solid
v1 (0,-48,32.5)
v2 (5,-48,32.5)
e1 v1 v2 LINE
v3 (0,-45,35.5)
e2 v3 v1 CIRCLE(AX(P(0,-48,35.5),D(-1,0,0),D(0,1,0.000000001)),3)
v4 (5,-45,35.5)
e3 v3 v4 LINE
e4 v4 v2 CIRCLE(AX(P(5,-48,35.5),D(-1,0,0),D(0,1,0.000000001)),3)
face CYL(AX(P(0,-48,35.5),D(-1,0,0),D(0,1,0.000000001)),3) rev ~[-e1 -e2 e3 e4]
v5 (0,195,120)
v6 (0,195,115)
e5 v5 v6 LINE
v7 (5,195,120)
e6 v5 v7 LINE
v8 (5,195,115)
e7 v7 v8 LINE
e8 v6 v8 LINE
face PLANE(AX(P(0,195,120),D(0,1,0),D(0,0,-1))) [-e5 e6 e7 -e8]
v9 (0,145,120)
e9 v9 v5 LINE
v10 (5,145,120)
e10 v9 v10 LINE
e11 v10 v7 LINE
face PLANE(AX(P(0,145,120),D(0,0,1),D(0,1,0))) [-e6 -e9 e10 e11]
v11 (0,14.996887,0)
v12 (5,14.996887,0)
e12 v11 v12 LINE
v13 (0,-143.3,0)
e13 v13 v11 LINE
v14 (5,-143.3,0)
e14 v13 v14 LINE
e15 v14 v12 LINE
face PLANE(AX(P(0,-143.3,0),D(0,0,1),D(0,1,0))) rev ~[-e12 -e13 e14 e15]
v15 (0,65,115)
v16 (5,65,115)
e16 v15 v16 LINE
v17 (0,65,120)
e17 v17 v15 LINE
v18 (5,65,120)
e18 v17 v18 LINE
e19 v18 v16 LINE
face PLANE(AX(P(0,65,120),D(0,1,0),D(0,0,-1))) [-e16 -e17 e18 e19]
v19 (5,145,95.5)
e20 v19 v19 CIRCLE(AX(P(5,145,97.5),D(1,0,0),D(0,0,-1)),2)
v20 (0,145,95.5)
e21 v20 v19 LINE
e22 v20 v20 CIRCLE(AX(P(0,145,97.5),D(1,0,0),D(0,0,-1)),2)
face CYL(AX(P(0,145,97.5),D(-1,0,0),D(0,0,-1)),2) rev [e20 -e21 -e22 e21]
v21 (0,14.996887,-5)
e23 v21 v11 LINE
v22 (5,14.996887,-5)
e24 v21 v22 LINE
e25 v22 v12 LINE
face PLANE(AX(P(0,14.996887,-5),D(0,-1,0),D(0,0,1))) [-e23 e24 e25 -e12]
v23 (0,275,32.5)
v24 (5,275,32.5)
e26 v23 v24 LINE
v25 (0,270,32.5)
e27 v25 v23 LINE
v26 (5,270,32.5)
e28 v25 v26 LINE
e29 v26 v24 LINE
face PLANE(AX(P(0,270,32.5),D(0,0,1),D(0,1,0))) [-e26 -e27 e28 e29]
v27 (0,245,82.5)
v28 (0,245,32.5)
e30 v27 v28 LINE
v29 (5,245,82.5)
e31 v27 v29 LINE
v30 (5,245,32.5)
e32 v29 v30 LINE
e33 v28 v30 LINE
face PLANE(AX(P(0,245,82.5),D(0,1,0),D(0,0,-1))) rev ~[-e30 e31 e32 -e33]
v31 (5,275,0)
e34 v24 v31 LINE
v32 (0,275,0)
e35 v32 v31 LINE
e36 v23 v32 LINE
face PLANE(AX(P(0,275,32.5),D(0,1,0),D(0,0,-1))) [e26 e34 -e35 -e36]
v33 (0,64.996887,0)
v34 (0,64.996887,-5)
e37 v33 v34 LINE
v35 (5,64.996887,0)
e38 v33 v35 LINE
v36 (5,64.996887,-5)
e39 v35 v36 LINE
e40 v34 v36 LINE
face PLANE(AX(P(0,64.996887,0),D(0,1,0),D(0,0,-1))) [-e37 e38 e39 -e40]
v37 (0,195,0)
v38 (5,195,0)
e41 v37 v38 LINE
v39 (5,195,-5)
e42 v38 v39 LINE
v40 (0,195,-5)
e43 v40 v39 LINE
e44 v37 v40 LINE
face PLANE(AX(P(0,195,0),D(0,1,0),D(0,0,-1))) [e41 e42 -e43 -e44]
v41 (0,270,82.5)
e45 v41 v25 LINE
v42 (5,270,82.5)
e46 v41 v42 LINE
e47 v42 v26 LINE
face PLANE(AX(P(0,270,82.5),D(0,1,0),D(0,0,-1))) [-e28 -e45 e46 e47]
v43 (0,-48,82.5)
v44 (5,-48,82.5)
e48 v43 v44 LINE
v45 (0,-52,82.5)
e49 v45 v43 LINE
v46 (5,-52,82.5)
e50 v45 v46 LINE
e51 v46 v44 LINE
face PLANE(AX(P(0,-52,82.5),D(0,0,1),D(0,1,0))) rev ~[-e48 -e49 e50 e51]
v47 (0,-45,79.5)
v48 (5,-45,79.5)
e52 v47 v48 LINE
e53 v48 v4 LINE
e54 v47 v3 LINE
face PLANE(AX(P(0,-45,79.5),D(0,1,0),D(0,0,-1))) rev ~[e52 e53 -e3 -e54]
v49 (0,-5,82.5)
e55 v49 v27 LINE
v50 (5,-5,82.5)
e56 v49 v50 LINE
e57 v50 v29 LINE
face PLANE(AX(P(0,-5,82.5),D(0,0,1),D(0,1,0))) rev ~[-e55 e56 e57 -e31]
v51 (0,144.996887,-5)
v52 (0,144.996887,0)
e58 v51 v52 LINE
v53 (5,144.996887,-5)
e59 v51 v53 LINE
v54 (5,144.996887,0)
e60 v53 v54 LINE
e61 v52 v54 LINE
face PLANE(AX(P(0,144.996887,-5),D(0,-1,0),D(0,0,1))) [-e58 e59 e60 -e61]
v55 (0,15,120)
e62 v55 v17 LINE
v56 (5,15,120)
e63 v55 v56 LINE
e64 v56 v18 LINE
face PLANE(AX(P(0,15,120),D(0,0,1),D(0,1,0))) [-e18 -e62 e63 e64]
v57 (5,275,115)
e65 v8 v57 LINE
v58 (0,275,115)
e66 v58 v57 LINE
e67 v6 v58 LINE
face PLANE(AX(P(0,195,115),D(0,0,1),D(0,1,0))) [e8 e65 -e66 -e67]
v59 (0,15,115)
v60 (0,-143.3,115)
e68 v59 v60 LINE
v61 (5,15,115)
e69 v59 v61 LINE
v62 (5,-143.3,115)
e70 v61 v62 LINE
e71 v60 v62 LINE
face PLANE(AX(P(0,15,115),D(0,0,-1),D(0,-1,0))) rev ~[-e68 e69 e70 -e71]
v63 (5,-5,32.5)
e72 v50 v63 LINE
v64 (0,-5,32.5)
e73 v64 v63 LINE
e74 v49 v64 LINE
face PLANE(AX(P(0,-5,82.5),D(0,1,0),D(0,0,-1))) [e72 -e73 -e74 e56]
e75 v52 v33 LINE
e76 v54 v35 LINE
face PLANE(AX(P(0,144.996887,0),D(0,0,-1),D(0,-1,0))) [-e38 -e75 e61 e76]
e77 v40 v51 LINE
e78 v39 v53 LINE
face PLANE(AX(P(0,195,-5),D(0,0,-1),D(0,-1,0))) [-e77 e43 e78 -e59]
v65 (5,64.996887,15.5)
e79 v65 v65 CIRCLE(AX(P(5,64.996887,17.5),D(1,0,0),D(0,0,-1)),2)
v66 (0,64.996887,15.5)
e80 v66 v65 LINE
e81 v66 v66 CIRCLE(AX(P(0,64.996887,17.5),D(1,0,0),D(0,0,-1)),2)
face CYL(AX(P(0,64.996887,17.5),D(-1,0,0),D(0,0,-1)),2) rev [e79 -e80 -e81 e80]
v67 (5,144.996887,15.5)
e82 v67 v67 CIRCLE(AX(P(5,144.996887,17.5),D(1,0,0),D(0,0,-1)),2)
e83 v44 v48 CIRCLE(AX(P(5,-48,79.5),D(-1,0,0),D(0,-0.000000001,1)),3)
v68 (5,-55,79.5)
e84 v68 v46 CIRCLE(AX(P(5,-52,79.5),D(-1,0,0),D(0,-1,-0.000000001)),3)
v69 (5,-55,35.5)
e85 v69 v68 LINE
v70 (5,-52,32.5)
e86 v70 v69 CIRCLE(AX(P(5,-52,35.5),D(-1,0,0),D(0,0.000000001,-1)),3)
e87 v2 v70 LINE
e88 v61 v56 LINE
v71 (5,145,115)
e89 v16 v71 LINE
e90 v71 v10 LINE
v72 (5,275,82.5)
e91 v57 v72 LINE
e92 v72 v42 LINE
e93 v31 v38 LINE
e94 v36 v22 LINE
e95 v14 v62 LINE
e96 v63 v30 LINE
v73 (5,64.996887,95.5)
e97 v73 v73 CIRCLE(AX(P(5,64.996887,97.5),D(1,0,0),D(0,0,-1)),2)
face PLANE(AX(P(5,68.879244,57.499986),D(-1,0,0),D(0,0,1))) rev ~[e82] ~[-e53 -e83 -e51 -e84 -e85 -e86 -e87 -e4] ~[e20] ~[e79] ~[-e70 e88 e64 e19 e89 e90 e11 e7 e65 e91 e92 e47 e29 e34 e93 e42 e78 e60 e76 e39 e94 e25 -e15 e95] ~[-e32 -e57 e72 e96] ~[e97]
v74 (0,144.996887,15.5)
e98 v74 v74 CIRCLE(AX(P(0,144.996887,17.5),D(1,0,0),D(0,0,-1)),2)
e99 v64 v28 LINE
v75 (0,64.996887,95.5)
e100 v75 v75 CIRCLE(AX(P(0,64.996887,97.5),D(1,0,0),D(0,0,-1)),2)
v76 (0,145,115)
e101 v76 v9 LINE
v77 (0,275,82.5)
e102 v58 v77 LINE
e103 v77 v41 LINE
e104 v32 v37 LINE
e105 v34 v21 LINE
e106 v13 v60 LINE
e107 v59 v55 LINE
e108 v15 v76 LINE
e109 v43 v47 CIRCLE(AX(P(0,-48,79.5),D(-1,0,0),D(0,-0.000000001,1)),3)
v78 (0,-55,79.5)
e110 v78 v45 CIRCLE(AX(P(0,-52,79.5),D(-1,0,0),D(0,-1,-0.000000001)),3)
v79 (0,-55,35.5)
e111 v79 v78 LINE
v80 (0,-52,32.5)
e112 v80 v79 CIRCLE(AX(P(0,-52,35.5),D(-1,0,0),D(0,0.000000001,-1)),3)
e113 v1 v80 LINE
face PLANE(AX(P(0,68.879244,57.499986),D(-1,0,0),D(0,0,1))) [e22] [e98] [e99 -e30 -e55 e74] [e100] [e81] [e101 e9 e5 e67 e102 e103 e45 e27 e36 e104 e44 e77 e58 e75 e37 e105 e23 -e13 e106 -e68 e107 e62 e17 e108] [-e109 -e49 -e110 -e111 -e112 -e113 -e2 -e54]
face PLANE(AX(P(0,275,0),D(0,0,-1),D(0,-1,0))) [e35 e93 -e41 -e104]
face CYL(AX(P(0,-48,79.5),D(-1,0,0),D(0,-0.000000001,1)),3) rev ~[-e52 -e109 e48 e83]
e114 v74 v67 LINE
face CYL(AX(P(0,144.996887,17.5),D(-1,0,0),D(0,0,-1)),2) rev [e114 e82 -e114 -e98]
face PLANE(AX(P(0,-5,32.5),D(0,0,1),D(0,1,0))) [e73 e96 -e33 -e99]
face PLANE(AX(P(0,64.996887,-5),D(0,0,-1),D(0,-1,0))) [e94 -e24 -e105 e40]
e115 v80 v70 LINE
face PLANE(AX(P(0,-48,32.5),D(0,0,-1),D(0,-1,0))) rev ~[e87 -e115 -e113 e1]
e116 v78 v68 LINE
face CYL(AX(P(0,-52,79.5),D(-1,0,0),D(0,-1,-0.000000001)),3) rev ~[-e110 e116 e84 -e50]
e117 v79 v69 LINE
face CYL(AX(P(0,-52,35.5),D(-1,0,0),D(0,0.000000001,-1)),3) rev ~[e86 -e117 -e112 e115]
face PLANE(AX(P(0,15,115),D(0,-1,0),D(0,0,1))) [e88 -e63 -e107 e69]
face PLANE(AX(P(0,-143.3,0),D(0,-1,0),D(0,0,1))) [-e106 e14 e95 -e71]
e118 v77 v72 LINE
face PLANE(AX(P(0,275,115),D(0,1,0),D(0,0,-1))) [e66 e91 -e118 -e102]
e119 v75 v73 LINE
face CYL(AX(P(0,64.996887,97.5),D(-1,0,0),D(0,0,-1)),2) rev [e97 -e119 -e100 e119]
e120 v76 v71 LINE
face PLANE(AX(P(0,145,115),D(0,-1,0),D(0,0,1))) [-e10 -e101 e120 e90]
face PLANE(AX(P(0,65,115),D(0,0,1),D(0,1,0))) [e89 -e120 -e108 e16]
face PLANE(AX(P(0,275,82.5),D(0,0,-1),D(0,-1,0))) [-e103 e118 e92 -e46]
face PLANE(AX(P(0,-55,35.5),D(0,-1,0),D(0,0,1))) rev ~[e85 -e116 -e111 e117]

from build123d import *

# Parameters (mm, degrees)
SKETCH_1_R      = 2
SKETCH_1_W      = 50
SKETCH_1_H      = 250
EXTRUDE_1_DEPTH = 5


with BuildPart() as part:
    # 草图1 → 凸台-拉伸1 (new body)
    with BuildSketch(Plane(origin=(0, 0, 0), x_dir=(0, 0, -1), z_dir=(1, 0, 0))):
        Polygon((-115, 195), (-115, 275), (-82.5, 275), (-82.5, 270), (-32.5, 270), (-32.5, 275), (0, 275), (0, 195), (5, 195), (5, 144.996887482), (0, 144.996887482), (0, 64.996887482), (5, 64.996887482), (5, 14.996887482), (0, 14.996887482), (0, 0), (0, -117.3), (0, -143.3), (-115, -143.3), (-115, -117.3), (-115, 0), (-115, 15), (-120, 15), (-120, 65), (-115, 65), (-115, 145), (-120, 145), (-120, 195), align=None)
        with Locations((-97.5, 145)):
            Circle(SKETCH_1_R, mode=Mode.SUBTRACT)
        with Locations((-17.5, 144.996887482)):
            Circle(SKETCH_1_R, mode=Mode.SUBTRACT)
        with Locations((-17.5, 64.996887482)):
            Circle(SKETCH_1_R, mode=Mode.SUBTRACT)
        with Locations((-97.5, 64.996887482)):
            Circle(SKETCH_1_R, mode=Mode.SUBTRACT)
        with Locations((-57.5, 120)):
            Rectangle(SKETCH_1_W, SKETCH_1_H, mode=Mode.SUBTRACT)
        with BuildLine():
            Line((-79.5, -45), (-35.5, -45))
            ThreePointArc((-35.5, -45), (-33.378679656, -45.878679656), (-32.5, -48))
            Line((-32.5, -48), (-32.5, -52))
            ThreePointArc((-32.5, -52), (-33.378679656, -54.121320344), (-35.5, -55))
            Line((-35.5, -55), (-79.5, -55))
            ThreePointArc((-79.5, -55), (-81.621320344, -54.121320344), (-82.5, -52))
            Line((-82.5, -52), (-82.5, -48))
            ThreePointArc((-82.5, -48), (-81.621320344, -45.878679656), (-79.5, -45))
        make_face(mode=Mode.SUBTRACT)
    extrude(amount=EXTRUDE_1_DEPTH)


solid = part.part
